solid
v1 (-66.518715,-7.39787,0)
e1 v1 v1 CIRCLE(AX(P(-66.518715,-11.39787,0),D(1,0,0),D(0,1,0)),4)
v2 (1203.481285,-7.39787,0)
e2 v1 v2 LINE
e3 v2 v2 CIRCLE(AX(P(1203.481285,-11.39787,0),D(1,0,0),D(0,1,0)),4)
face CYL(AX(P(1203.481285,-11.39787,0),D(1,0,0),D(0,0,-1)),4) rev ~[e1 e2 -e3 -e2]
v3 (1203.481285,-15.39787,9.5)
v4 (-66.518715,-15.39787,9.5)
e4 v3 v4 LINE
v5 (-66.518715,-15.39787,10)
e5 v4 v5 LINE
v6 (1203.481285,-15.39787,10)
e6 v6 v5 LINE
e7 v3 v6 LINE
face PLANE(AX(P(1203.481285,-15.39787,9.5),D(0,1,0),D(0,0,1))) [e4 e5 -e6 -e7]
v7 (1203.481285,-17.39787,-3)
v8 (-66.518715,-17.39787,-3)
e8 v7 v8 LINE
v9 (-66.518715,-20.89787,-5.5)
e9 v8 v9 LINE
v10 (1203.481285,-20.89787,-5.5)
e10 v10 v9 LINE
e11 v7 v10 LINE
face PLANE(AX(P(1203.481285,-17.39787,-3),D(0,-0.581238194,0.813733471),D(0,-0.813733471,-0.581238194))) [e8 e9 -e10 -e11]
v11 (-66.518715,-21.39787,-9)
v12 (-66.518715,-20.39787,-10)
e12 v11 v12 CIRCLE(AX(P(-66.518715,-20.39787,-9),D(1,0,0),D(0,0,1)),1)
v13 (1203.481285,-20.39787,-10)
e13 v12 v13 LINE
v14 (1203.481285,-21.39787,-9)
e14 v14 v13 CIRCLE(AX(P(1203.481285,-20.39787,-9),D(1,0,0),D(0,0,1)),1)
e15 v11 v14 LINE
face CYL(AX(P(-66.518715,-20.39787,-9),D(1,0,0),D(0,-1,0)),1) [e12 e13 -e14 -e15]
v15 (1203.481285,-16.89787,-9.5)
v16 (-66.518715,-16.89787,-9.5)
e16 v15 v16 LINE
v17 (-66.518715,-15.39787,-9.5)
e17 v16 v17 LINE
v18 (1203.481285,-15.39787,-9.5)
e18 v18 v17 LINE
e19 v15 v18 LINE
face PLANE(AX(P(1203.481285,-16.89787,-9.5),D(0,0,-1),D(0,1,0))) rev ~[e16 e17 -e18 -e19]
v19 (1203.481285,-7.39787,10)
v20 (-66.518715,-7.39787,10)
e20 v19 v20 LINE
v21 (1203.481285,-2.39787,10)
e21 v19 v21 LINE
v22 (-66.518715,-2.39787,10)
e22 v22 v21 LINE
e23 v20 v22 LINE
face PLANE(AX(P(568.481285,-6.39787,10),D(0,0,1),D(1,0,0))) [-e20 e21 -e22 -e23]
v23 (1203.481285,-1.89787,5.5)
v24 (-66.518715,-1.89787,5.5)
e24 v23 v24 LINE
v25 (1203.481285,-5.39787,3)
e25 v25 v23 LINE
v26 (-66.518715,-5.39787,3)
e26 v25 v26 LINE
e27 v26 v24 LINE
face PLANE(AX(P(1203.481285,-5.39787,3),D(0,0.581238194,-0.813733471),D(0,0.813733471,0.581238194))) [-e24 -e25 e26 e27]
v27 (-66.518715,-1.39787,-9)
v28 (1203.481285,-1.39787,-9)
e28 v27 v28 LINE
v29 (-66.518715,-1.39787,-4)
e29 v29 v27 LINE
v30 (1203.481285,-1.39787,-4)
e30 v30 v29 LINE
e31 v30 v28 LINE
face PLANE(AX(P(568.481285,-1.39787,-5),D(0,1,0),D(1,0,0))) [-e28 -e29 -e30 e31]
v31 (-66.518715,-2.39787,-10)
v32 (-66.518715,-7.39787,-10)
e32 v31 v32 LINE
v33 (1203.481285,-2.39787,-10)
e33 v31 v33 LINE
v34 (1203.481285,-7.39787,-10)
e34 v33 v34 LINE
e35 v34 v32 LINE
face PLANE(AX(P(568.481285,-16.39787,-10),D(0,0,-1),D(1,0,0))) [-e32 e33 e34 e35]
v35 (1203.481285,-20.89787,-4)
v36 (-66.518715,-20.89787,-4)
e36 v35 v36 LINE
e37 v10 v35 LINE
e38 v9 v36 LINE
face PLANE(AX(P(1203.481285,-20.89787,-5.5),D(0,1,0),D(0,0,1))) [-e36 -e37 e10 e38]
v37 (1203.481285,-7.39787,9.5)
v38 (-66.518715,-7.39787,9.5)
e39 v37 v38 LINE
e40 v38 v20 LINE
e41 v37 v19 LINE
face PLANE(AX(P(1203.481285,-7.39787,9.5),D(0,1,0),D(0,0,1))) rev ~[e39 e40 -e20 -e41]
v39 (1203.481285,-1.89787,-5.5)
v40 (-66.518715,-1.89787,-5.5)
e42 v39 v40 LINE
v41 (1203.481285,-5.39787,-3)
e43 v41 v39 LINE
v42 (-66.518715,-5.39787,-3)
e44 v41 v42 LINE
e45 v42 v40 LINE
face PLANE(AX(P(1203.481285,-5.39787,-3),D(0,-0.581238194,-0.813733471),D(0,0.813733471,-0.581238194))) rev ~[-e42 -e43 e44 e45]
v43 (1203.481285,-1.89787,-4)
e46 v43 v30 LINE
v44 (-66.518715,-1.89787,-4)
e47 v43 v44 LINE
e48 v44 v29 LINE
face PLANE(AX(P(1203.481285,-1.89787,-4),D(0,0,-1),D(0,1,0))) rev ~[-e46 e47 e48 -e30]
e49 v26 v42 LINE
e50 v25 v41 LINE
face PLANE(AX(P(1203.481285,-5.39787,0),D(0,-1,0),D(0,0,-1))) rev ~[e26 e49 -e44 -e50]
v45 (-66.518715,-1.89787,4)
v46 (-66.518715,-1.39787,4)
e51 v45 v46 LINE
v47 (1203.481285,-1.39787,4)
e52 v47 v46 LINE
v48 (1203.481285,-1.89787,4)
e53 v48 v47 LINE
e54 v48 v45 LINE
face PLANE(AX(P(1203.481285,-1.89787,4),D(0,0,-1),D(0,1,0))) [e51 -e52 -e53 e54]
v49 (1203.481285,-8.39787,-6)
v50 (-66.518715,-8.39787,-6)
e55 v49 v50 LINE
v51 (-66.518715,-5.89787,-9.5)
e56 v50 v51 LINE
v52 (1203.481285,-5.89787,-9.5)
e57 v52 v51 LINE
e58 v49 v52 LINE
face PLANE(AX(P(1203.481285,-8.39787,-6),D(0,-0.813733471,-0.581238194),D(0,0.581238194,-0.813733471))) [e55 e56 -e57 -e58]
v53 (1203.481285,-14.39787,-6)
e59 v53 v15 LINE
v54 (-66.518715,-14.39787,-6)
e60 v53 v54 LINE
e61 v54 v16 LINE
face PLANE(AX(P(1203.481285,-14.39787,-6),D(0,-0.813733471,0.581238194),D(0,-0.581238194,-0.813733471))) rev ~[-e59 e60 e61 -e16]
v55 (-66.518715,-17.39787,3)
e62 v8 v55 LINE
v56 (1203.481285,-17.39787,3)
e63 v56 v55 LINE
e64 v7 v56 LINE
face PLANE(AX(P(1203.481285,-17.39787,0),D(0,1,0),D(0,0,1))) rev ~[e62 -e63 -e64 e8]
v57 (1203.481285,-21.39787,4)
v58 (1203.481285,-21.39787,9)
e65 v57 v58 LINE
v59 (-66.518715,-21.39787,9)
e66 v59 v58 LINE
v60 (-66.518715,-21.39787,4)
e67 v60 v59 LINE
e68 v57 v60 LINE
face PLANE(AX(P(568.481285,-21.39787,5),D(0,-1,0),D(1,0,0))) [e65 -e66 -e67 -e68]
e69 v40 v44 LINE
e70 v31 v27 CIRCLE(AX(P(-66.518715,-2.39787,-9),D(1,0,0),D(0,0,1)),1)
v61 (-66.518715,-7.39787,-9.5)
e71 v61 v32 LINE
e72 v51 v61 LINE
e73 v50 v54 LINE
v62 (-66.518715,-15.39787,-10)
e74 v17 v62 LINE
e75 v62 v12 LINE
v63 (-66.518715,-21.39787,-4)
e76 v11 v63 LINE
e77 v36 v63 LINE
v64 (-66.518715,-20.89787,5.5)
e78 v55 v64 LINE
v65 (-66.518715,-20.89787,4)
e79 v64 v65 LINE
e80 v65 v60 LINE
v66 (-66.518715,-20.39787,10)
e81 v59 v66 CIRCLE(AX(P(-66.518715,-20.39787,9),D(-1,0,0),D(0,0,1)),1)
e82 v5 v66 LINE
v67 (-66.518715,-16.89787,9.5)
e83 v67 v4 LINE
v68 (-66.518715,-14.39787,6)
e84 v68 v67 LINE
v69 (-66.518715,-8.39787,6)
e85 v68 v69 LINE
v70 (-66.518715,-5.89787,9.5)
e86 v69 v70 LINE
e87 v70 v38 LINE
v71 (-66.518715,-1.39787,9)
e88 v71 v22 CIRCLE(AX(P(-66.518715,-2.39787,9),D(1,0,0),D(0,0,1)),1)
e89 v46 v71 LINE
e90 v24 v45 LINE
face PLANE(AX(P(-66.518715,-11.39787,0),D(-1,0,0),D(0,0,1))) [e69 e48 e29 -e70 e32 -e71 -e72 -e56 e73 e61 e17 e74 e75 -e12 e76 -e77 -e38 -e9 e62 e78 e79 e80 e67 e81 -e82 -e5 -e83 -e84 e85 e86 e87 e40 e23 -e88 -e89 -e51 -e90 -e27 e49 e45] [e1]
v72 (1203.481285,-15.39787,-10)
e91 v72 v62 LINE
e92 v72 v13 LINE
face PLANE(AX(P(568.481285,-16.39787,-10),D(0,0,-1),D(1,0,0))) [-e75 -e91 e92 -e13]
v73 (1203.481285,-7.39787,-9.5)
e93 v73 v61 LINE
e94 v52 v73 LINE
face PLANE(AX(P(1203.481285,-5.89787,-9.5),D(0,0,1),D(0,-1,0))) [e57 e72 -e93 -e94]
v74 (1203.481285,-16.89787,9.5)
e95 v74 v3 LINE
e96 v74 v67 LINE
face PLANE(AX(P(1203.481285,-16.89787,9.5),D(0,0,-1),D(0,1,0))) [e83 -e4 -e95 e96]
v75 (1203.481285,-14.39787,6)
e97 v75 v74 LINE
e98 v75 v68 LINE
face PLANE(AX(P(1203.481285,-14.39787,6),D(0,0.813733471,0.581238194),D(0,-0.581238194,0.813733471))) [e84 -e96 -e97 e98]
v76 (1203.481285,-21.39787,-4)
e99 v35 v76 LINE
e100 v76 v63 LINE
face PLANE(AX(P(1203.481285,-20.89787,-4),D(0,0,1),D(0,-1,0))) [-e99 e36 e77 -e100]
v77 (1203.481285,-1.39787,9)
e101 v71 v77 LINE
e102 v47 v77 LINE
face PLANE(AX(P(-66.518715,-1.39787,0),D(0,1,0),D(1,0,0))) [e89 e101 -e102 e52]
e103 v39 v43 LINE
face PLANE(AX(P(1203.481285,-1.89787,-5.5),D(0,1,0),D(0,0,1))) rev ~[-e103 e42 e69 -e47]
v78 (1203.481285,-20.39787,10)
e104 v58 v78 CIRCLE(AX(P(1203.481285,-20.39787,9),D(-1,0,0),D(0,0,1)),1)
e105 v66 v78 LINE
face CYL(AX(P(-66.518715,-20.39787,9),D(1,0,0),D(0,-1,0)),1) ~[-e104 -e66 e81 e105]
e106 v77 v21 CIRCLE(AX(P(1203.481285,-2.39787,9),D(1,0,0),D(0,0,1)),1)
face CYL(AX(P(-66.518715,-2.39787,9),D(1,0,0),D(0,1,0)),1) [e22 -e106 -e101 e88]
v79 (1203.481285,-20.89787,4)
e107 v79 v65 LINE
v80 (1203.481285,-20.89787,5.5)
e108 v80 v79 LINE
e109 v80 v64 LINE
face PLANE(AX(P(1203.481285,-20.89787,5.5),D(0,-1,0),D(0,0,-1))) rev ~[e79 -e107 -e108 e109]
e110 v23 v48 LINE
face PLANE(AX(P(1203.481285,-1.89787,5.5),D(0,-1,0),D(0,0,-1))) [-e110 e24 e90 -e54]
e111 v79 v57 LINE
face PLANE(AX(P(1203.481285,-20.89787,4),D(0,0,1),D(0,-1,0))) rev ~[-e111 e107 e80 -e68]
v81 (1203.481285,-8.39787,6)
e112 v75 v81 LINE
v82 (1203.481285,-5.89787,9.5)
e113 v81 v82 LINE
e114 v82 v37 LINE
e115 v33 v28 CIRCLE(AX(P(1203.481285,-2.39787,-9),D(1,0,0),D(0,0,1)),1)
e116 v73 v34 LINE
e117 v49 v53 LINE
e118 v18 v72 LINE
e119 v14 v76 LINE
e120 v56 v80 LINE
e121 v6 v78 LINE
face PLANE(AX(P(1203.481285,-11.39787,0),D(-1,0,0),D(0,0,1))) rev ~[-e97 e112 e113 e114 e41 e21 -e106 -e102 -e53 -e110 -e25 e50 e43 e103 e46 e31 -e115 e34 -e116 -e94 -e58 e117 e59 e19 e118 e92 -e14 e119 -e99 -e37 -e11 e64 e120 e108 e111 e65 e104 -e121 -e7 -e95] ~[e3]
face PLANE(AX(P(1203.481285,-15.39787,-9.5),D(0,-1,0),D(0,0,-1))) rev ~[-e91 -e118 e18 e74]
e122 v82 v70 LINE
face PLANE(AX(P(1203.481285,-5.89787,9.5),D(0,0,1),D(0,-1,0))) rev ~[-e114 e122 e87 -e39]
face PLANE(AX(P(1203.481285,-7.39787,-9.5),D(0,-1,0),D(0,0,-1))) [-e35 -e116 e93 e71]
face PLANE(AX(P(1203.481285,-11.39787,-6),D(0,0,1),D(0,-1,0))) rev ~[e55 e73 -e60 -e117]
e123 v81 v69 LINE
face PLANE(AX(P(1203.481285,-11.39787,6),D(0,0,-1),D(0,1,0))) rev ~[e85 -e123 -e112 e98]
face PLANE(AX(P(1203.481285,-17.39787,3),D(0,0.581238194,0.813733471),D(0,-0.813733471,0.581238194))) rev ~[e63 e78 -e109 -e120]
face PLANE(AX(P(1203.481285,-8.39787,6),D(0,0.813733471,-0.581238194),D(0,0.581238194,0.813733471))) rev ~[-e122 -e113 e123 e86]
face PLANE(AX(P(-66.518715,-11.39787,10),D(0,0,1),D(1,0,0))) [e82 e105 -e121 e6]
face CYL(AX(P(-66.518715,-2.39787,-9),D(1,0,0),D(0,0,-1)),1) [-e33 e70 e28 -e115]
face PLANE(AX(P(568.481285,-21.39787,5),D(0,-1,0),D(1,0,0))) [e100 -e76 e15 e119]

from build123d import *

# Parameters (mm, degrees)
SKETCH_1_W                       = 1270
SKETCH_1_H                       = 10
EXTRUDE_1_DEPTH                  = 10
SKETCH_2_R                       = 4
CUT_EXTRUDE_1_DEPTH              = 1270
CUT_EXTRUDE_2_DEPTH              = 1270
FILLET_1_R                       = 1
PATTERN_CIRCULAR_2_COUNT         = 4
FILLET_1_OF_PATTERN_CIRCULAR_2_R = 1


with BuildPart() as part:
    # 草图1 → 凸台-拉伸1 (new body)
    with BuildSketch(Plane.XY):
        with Locations((568.481285353, -6.397869645)):
            Rectangle(SKETCH_1_W, SKETCH_1_H)
    extrude_1 = extrude(amount=EXTRUDE_1_DEPTH)

    # 草图2 → 切除-拉伸1 (cut)
    with BuildSketch(Plane(origin=(1203.481285353, 0, 0), x_dir=(0, 0, -1), z_dir=(1, 0, 0))):
        with Locations((0, -11.397869645)):
            Circle(SKETCH_2_R)
    cut_extrude_1 = extrude(amount=-CUT_EXTRUDE_1_DEPTH, mode=Mode.SUBTRACT)

    # 草图3 → 切除-拉伸2 (cut)
    with BuildSketch(Plane(origin=(1203.481285353, 0, 0), x_dir=(0, 0, -1), z_dir=(1, 0, 0))):
        Polygon((-4, -1.397869645), (0, -1.397869645), (0, -5.397869645), (-3, -5.397869645), (-5.5, -1.897869645), (-4, -1.897869645), align=None)
        Polygon((-10, -7.397869645), (-10, -11.397869645), (-6, -11.397869645), (-6, -8.397869645), (-9.5, -5.897869645), (-9.5, -7.397869645), align=None)
    cut_extrude_2 = extrude(amount=-CUT_EXTRUDE_2_DEPTH, mode=Mode.SUBTRACT)

    # 圆角1
    fillet_1_edges = [part.edges().sort_by_distance(p)[0] for p in [
        (568.481285353, -1.397869645, 10),
    ]]
    fillet(fillet_1_edges, radius=FILLET_1_R)

    # 阵列(圆周)2: 凸台-拉伸1, 切除-拉伸1, 切除-拉伸2 ×4 about axis
    pattern_circular_2_axis = Axis((0, -11.397869645, 0), (1, 0, 0))
    add([extrude_1.rotate(pattern_circular_2_axis, i * 360 / PATTERN_CIRCULAR_2_COUNT) for i in range(1, PATTERN_CIRCULAR_2_COUNT)])
    add([cut_extrude_1.rotate(pattern_circular_2_axis, i * 360 / PATTERN_CIRCULAR_2_COUNT) for i in range(1, PATTERN_CIRCULAR_2_COUNT)], mode=Mode.SUBTRACT)
    add([cut_extrude_2.rotate(pattern_circular_2_axis, i * 360 / PATTERN_CIRCULAR_2_COUNT) for i in range(1, PATTERN_CIRCULAR_2_COUNT)], mode=Mode.SUBTRACT)

    # 圆角1 of 阵列(圆周)2
    fillet_1_of_pattern_circular_2_edges = [part.edges().sort_by_distance(p)[0] for p in [
        (568.481285353, -21.397869645, 10),
        (568.481285353, -21.397869645, -10),
        (568.481285353, -1.397869645, -10),
    ]]
    fillet(fillet_1_of_pattern_circular_2_edges, radius=FILLET_1_OF_PATTERN_CIRCULAR_2_R)


solid = part.part
